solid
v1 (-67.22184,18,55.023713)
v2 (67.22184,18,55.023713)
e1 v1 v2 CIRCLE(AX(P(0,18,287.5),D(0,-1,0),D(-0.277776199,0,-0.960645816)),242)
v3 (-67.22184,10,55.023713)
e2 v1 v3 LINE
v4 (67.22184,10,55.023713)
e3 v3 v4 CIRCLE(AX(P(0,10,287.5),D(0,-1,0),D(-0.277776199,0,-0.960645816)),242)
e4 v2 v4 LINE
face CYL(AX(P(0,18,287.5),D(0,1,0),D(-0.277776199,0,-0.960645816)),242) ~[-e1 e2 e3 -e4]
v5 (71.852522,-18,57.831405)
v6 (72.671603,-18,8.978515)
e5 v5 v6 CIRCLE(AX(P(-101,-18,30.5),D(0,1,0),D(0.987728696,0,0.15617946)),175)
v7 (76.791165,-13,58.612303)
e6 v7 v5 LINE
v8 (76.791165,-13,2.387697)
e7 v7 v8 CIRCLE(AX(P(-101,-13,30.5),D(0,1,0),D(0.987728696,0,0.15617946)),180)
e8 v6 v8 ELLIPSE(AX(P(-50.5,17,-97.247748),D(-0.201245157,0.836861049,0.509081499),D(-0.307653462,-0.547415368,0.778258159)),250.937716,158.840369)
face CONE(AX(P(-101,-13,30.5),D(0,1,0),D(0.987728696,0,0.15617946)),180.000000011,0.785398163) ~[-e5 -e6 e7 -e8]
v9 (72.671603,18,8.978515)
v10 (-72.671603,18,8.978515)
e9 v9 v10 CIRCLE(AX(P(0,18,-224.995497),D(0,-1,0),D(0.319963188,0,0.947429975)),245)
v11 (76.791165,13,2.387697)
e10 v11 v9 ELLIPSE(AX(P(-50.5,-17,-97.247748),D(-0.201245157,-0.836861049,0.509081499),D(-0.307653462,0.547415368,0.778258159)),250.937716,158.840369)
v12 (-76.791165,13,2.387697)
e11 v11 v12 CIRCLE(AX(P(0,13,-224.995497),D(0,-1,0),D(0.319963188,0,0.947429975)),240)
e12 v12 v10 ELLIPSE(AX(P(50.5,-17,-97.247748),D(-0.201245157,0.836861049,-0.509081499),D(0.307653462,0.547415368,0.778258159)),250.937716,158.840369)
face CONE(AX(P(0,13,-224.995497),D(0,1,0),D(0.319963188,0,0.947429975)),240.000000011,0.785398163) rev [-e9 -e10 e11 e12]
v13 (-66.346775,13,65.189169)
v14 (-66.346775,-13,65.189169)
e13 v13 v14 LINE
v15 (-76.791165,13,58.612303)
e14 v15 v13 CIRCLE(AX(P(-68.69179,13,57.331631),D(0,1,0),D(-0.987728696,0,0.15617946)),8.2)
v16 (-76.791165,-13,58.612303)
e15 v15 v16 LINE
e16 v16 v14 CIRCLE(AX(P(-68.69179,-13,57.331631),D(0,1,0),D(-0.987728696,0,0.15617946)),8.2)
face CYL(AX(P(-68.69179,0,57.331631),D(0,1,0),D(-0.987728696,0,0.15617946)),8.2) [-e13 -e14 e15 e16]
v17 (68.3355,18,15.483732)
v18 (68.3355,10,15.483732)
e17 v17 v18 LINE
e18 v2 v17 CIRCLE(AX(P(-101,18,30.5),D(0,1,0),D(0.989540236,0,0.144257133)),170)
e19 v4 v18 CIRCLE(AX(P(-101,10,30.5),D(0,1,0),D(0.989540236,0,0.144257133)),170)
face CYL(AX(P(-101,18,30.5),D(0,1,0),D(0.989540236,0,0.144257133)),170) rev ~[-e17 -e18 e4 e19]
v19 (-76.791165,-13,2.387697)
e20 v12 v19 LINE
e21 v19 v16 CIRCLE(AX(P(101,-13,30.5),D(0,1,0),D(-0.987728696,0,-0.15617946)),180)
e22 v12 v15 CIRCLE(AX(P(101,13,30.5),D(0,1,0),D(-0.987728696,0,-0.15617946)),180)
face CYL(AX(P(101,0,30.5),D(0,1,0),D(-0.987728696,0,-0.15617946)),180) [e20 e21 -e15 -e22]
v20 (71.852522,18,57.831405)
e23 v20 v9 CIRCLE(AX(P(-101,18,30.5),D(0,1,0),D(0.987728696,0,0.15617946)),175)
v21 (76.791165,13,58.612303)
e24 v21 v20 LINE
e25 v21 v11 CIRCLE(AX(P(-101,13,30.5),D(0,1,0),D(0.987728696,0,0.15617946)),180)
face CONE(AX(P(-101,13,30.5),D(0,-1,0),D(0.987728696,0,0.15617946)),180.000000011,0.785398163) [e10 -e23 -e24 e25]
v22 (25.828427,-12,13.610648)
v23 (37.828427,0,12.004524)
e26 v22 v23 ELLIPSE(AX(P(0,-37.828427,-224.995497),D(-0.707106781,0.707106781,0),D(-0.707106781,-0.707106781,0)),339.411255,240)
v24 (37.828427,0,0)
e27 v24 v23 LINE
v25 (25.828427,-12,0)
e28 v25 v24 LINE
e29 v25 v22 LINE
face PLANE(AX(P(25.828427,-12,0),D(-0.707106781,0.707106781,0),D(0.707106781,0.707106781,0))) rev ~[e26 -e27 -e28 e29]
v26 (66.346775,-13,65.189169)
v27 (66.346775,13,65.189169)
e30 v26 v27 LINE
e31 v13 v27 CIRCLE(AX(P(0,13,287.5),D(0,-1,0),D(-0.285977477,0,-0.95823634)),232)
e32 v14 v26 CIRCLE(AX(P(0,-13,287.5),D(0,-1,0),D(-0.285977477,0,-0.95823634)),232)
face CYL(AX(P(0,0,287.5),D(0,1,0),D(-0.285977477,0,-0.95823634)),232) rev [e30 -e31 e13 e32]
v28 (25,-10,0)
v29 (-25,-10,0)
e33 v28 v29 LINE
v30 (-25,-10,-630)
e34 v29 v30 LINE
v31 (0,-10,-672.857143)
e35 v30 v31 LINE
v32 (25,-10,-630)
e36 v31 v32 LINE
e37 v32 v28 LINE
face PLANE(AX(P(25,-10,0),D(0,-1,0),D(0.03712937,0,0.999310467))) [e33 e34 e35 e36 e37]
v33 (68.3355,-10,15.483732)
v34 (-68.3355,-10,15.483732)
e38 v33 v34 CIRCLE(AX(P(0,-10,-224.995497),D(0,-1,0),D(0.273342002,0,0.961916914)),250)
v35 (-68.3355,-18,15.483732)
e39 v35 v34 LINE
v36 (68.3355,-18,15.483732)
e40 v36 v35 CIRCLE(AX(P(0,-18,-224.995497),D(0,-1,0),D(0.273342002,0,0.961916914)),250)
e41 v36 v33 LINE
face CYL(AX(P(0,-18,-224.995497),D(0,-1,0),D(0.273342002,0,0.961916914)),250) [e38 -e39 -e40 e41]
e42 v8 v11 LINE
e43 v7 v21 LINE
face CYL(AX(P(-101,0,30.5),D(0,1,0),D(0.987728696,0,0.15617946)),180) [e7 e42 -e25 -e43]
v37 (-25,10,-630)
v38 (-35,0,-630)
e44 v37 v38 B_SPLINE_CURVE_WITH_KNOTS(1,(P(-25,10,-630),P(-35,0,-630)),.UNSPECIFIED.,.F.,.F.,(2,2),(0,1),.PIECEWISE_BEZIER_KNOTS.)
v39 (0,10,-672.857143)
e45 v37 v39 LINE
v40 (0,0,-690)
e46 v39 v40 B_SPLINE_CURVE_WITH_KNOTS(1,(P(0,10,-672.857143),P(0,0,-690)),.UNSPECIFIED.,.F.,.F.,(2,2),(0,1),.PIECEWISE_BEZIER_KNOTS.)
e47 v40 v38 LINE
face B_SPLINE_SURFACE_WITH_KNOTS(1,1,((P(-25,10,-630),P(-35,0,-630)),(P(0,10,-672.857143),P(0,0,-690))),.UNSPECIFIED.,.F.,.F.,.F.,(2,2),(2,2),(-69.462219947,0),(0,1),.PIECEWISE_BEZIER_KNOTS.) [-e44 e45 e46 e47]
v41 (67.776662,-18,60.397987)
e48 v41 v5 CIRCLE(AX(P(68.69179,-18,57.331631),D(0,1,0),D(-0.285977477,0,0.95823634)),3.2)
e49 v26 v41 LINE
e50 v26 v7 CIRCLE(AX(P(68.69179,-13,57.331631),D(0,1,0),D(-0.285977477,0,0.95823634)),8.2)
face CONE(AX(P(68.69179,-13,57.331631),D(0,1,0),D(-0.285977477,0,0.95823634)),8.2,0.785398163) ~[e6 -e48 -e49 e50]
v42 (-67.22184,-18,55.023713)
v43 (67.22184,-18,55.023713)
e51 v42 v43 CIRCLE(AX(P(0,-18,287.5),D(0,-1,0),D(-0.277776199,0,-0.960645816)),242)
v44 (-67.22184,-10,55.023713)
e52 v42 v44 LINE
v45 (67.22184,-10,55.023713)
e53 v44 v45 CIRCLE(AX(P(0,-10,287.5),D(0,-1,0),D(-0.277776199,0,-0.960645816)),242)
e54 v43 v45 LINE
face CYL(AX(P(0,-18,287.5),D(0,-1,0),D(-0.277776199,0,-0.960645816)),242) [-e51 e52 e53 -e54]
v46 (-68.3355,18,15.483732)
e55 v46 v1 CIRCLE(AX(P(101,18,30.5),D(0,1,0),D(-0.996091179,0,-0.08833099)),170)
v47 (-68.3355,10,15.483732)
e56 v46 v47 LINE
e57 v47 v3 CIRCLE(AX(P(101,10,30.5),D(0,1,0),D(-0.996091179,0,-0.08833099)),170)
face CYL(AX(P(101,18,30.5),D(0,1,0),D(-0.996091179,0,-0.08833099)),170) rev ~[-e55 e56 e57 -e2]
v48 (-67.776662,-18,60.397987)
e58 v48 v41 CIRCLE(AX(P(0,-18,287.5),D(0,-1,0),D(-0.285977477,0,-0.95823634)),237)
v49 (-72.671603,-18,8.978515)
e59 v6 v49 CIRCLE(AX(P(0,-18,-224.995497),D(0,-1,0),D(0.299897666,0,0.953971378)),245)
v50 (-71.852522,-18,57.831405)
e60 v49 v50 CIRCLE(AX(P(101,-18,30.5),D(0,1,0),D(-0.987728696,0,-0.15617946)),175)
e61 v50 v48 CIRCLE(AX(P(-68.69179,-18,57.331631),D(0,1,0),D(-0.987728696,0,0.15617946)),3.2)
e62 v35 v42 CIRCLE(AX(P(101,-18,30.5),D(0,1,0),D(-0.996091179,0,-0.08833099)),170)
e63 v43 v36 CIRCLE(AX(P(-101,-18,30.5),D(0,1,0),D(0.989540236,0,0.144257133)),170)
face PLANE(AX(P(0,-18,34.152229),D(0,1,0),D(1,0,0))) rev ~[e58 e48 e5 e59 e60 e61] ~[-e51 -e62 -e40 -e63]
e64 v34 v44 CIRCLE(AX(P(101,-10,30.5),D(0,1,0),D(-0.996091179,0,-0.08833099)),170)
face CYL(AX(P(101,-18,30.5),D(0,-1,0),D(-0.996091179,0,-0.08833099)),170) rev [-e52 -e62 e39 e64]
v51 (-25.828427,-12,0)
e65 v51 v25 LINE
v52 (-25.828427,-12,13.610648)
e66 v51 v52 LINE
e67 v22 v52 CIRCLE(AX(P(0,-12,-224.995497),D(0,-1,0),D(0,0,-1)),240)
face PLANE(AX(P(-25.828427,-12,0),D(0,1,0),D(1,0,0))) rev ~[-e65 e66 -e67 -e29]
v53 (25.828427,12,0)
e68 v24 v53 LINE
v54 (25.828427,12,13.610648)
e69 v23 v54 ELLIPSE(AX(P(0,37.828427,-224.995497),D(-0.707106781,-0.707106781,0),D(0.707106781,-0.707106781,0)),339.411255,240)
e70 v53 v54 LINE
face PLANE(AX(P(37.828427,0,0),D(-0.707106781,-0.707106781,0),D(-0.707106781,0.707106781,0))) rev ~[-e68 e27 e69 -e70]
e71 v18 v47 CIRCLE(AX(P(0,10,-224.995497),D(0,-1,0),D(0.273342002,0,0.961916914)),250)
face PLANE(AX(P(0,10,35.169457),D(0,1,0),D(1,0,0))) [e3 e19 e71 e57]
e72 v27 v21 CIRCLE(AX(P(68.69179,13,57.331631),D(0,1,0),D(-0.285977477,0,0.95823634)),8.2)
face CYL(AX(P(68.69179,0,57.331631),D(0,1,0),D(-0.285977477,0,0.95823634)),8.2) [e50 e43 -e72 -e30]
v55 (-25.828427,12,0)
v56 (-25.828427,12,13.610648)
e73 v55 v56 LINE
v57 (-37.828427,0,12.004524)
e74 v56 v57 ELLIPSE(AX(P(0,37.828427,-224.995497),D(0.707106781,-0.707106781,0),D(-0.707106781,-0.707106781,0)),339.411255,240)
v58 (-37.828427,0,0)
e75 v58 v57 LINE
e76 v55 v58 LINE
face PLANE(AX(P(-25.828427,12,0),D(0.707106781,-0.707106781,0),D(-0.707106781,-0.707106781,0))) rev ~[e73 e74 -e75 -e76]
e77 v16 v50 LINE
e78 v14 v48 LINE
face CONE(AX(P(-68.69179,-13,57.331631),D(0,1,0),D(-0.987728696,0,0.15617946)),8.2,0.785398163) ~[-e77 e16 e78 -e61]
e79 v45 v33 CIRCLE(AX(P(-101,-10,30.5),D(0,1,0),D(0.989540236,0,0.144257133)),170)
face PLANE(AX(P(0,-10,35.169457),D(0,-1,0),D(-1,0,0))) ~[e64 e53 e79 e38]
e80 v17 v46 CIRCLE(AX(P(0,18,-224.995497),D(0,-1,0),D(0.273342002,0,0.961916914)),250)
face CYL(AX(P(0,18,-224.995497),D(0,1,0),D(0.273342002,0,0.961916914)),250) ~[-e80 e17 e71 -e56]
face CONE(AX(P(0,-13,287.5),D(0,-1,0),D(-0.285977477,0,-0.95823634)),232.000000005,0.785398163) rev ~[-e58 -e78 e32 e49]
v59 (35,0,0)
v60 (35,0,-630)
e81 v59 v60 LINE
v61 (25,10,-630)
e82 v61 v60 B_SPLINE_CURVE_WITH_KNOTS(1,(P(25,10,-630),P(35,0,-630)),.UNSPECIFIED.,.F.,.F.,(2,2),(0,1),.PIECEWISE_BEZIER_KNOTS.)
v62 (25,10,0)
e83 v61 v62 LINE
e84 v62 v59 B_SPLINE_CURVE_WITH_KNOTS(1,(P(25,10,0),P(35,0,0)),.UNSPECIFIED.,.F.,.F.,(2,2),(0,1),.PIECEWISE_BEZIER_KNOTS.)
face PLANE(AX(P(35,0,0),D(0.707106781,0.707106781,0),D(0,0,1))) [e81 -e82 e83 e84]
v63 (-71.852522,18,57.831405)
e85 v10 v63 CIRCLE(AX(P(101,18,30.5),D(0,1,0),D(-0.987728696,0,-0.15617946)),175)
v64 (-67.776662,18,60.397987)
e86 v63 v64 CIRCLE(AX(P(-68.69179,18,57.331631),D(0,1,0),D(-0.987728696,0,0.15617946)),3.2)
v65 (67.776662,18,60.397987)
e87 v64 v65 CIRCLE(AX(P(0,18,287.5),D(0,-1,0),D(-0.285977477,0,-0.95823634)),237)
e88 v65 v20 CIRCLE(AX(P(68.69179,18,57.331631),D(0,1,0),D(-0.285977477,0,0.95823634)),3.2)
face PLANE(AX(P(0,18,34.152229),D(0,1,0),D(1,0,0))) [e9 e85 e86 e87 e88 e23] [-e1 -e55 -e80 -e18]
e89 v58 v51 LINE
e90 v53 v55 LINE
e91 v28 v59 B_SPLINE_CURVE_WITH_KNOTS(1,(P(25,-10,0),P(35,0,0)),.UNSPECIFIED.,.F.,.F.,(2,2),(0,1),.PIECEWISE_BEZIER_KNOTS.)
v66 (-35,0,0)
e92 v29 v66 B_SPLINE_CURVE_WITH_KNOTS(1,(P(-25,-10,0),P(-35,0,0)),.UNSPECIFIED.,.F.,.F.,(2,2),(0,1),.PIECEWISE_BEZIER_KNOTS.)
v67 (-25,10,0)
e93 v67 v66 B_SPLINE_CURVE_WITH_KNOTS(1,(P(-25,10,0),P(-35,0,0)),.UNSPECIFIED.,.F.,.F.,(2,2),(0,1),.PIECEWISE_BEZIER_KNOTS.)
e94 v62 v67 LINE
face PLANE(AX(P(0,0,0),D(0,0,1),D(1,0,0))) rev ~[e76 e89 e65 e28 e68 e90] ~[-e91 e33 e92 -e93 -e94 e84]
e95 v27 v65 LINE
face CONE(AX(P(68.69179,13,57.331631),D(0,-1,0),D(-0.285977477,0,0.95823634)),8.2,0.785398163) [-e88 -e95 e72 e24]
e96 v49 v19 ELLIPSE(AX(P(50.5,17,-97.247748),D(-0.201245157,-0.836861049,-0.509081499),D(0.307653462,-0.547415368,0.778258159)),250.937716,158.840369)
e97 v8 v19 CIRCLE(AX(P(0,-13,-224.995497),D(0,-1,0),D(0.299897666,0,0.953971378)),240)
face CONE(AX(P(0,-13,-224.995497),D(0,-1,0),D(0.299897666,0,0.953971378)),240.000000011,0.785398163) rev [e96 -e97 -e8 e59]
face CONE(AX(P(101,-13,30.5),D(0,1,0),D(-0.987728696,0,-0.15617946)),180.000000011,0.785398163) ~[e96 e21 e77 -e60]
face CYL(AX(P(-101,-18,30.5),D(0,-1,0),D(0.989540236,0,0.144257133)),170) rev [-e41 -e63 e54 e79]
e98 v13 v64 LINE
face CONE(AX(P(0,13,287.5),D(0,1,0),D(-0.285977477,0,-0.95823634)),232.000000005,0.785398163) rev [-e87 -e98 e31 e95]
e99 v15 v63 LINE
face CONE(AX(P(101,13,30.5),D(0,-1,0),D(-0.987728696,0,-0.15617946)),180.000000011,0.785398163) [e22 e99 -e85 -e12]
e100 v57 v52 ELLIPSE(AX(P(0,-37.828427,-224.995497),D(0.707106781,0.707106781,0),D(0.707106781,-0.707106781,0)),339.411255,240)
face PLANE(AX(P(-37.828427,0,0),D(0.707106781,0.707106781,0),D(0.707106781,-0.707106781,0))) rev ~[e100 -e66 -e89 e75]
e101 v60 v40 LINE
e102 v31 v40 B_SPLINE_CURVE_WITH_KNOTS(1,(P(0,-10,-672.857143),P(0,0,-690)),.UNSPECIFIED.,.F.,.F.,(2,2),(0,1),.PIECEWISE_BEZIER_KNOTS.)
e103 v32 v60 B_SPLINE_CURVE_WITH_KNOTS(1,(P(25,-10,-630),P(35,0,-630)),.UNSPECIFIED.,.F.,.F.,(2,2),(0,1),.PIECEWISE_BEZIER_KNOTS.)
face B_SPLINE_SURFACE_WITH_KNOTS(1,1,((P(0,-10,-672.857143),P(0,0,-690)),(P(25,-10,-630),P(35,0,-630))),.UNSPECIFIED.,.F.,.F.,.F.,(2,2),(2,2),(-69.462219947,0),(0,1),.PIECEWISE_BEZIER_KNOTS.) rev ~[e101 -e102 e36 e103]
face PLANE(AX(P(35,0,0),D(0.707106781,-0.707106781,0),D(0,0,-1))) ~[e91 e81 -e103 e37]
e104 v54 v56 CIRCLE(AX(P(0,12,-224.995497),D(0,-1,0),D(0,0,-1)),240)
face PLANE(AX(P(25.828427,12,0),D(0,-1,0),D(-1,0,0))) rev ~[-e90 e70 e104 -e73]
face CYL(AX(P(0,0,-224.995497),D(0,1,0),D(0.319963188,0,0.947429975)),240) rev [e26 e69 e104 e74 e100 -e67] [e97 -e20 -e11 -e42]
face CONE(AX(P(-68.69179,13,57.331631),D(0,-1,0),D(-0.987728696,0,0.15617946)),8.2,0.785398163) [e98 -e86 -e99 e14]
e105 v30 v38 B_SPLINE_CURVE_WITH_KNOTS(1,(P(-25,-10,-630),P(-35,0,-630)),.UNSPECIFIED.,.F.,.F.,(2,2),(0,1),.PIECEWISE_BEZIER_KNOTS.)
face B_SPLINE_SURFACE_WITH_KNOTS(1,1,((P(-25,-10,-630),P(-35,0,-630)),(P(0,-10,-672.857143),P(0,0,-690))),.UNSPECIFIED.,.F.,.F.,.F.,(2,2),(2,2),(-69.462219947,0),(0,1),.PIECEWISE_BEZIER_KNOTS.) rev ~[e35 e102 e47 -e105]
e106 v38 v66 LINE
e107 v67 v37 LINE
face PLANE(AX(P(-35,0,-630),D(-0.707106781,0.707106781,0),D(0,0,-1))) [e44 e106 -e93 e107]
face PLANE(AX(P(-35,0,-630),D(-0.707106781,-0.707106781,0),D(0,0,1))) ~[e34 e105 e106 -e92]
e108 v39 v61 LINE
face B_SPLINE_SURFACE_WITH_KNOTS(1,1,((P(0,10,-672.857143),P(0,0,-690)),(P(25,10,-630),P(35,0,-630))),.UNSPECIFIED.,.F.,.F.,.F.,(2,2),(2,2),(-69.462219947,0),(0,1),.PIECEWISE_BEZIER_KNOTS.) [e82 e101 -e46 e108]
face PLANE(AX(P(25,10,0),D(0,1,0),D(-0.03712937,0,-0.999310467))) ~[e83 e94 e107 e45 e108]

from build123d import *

# Parameters (mm, degrees)
EXTRUDE_1_DEPTH      = 18
CHAMFER_1_SIZE       = 5
CHAMFER_2_SIZE       = 5
CUT_EXTRUDE_1_DEPTH  = 8
EXTRUDE_2_REACH      = 696.741
EXTRUDE_2_END_RADIUS = 240


with BuildPart() as part:
    # 草图4 → 放样1 section 0
    with BuildSketch(Plane(origin=(0, 10, 0), x_dir=(1, 0, 0), z_dir=(0, 1, 0))):
        with BuildLine():
            Line((25, 0), (-25, 0))
            Line((-25, 0), (-25, 630))
            Line((-25, 630), (0, 672.857142857))
            Line((0, 672.857142857), (25, 630))
            Line((25, 630), (25, 0))
        make_face()
    # 草图1 → 放样1 section 1
    with BuildSketch(Plane(origin=(0, 0, 0), x_dir=(1, 0, 0), z_dir=(0, 1, 0))):
        with BuildLine():
            Line((-35, 0), (35, 0))
            Line((35, 0), (35, 630))
            Line((35, 630), (0, 690))
            Line((0, 690), (-35, 630))
            Line((-35, 630), (-35, 0))
        make_face()
    loft_1 = loft()

    # 镜向1: 放样1 across plane
    add(loft_1.mirror(Plane.ZX))



with BuildPart() as body_2:
    # 草图5 → 凸台-拉伸1 (new, symmetric)
    with BuildSketch(Plane(origin=(0, 0, 0), x_dir=(1, 0, 0), z_dir=(0, 1, 0))):
        with BuildLine():
            ThreePointArc((-66.346774613, -65.189169183), (0, -55.5), (66.346774613, -65.189169183))
            ThreePointArc((66.346774613, -65.189169183), (73.061224406, -64.270510235), (76.791165228, -58.612302768))
            ThreePointArc((76.791165228, -58.612302768), (79, -30.5), (76.791165228, -2.387697232))
            ThreePointArc((76.791165228, -2.387697232), (0, -15.004503167), (-76.791165228, -2.387697232))
            ThreePointArc((-76.791165228, -2.387697232), (-79, -30.5), (-76.791165228, -58.612302768))
            ThreePointArc((-76.791165228, -58.612302768), (-73.061224406, -64.270510235), (-66.346774613, -65.189169183))
        make_face()
    extrude(amount=EXTRUDE_1_DEPTH, both=True)

    # 倒角1
    chamfer_1_edges = [body_2.edges().sort_by_distance(p)[0] for p in [
        (0, 18, 15.004503167),
        (-79, 18, 30.5),
        (-73.061224406, 18, 64.270510235),
        (0, 18, 55.5),
        (73.061224406, 18, 64.270510235),
        (0, -18, 55.5),
        (-73.061224406, -18, 64.270510235),
        (-79, -18, 30.5),
        (79, -18, 30.5),
        (73.061224406, -18, 64.270510235),
        (79, 18, 30.5),
    ]]
    chamfer(chamfer_1_edges, length=CHAMFER_1_SIZE)

    # 倒角2
    chamfer_2_edges = [body_2.edges().sort_by_distance(p)[0] for p in [
        (0, -18, 15.004503167),
    ]]
    chamfer(chamfer_2_edges, length=CHAMFER_2_SIZE)

    # 草图6 → 切除-拉伸1 (cut)
    with BuildSketch(Plane(origin=(0, 18, 0), x_dir=(1, 0, 0), z_dir=(0, 1, 0))):
        with BuildLine():
            ThreePointArc((67.221840199, -55.023712607), (68.932610365, -35.286223394), (68.335500378, -15.483731767))
            ThreePointArc((68.335500378, -15.483731767), (0, -25.004503167), (-68.335500378, -15.483731767))
            ThreePointArc((-68.335500378, -15.483731767), (-68.932610365, -35.286223394), (-67.221840199, -55.023712607))
            ThreePointArc((-67.221840199, -55.023712607), (0, -45.5), (67.221840199, -55.023712607))
        make_face()
    cut_extrude_1 = extrude(amount=-CUT_EXTRUDE_1_DEPTH, mode=Mode.SUBTRACT)

    # 镜向2: 切除-拉伸1 across plane
    add(cut_extrude_1.mirror(Plane.ZX), mode=Mode.SUBTRACT)


with BuildPart() as part_1:
    add(part.part)

    add(body_2.part)  # 凸台-拉伸2 merges body 2
    # 凸台-拉伸2: up to this cylinder (the profile starts inside it)
    extrude_2_end = Plane(origin=(0, 0, -224.995496833), z_dir=(0, -1, 0)) * Cylinder(EXTRUDE_2_END_RADIUS, 1874.482, mode=Mode.PRIVATE)
    # 草图7 → 凸台-拉伸2 (add, up to the surface)
    with BuildSketch(Plane.XY, mode=Mode.PRIVATE) as extrude_2_sk1:
        Polygon((-25.828427125, 12), (-37.828427125, 0), (-25.828427125, -12), (25.828427125, -12), (37.828427125, 0), (25.828427125, 12), align=None)
    extrude_2_tool1 = extrude(extrude_2_sk1.sketch, amount=EXTRUDE_2_REACH, mode=Mode.PRIVATE) & extrude_2_end
    add(extrude_2_tool1.solids().sort_by_distance((0, 0, 0))[0])


solid = part_1.part
